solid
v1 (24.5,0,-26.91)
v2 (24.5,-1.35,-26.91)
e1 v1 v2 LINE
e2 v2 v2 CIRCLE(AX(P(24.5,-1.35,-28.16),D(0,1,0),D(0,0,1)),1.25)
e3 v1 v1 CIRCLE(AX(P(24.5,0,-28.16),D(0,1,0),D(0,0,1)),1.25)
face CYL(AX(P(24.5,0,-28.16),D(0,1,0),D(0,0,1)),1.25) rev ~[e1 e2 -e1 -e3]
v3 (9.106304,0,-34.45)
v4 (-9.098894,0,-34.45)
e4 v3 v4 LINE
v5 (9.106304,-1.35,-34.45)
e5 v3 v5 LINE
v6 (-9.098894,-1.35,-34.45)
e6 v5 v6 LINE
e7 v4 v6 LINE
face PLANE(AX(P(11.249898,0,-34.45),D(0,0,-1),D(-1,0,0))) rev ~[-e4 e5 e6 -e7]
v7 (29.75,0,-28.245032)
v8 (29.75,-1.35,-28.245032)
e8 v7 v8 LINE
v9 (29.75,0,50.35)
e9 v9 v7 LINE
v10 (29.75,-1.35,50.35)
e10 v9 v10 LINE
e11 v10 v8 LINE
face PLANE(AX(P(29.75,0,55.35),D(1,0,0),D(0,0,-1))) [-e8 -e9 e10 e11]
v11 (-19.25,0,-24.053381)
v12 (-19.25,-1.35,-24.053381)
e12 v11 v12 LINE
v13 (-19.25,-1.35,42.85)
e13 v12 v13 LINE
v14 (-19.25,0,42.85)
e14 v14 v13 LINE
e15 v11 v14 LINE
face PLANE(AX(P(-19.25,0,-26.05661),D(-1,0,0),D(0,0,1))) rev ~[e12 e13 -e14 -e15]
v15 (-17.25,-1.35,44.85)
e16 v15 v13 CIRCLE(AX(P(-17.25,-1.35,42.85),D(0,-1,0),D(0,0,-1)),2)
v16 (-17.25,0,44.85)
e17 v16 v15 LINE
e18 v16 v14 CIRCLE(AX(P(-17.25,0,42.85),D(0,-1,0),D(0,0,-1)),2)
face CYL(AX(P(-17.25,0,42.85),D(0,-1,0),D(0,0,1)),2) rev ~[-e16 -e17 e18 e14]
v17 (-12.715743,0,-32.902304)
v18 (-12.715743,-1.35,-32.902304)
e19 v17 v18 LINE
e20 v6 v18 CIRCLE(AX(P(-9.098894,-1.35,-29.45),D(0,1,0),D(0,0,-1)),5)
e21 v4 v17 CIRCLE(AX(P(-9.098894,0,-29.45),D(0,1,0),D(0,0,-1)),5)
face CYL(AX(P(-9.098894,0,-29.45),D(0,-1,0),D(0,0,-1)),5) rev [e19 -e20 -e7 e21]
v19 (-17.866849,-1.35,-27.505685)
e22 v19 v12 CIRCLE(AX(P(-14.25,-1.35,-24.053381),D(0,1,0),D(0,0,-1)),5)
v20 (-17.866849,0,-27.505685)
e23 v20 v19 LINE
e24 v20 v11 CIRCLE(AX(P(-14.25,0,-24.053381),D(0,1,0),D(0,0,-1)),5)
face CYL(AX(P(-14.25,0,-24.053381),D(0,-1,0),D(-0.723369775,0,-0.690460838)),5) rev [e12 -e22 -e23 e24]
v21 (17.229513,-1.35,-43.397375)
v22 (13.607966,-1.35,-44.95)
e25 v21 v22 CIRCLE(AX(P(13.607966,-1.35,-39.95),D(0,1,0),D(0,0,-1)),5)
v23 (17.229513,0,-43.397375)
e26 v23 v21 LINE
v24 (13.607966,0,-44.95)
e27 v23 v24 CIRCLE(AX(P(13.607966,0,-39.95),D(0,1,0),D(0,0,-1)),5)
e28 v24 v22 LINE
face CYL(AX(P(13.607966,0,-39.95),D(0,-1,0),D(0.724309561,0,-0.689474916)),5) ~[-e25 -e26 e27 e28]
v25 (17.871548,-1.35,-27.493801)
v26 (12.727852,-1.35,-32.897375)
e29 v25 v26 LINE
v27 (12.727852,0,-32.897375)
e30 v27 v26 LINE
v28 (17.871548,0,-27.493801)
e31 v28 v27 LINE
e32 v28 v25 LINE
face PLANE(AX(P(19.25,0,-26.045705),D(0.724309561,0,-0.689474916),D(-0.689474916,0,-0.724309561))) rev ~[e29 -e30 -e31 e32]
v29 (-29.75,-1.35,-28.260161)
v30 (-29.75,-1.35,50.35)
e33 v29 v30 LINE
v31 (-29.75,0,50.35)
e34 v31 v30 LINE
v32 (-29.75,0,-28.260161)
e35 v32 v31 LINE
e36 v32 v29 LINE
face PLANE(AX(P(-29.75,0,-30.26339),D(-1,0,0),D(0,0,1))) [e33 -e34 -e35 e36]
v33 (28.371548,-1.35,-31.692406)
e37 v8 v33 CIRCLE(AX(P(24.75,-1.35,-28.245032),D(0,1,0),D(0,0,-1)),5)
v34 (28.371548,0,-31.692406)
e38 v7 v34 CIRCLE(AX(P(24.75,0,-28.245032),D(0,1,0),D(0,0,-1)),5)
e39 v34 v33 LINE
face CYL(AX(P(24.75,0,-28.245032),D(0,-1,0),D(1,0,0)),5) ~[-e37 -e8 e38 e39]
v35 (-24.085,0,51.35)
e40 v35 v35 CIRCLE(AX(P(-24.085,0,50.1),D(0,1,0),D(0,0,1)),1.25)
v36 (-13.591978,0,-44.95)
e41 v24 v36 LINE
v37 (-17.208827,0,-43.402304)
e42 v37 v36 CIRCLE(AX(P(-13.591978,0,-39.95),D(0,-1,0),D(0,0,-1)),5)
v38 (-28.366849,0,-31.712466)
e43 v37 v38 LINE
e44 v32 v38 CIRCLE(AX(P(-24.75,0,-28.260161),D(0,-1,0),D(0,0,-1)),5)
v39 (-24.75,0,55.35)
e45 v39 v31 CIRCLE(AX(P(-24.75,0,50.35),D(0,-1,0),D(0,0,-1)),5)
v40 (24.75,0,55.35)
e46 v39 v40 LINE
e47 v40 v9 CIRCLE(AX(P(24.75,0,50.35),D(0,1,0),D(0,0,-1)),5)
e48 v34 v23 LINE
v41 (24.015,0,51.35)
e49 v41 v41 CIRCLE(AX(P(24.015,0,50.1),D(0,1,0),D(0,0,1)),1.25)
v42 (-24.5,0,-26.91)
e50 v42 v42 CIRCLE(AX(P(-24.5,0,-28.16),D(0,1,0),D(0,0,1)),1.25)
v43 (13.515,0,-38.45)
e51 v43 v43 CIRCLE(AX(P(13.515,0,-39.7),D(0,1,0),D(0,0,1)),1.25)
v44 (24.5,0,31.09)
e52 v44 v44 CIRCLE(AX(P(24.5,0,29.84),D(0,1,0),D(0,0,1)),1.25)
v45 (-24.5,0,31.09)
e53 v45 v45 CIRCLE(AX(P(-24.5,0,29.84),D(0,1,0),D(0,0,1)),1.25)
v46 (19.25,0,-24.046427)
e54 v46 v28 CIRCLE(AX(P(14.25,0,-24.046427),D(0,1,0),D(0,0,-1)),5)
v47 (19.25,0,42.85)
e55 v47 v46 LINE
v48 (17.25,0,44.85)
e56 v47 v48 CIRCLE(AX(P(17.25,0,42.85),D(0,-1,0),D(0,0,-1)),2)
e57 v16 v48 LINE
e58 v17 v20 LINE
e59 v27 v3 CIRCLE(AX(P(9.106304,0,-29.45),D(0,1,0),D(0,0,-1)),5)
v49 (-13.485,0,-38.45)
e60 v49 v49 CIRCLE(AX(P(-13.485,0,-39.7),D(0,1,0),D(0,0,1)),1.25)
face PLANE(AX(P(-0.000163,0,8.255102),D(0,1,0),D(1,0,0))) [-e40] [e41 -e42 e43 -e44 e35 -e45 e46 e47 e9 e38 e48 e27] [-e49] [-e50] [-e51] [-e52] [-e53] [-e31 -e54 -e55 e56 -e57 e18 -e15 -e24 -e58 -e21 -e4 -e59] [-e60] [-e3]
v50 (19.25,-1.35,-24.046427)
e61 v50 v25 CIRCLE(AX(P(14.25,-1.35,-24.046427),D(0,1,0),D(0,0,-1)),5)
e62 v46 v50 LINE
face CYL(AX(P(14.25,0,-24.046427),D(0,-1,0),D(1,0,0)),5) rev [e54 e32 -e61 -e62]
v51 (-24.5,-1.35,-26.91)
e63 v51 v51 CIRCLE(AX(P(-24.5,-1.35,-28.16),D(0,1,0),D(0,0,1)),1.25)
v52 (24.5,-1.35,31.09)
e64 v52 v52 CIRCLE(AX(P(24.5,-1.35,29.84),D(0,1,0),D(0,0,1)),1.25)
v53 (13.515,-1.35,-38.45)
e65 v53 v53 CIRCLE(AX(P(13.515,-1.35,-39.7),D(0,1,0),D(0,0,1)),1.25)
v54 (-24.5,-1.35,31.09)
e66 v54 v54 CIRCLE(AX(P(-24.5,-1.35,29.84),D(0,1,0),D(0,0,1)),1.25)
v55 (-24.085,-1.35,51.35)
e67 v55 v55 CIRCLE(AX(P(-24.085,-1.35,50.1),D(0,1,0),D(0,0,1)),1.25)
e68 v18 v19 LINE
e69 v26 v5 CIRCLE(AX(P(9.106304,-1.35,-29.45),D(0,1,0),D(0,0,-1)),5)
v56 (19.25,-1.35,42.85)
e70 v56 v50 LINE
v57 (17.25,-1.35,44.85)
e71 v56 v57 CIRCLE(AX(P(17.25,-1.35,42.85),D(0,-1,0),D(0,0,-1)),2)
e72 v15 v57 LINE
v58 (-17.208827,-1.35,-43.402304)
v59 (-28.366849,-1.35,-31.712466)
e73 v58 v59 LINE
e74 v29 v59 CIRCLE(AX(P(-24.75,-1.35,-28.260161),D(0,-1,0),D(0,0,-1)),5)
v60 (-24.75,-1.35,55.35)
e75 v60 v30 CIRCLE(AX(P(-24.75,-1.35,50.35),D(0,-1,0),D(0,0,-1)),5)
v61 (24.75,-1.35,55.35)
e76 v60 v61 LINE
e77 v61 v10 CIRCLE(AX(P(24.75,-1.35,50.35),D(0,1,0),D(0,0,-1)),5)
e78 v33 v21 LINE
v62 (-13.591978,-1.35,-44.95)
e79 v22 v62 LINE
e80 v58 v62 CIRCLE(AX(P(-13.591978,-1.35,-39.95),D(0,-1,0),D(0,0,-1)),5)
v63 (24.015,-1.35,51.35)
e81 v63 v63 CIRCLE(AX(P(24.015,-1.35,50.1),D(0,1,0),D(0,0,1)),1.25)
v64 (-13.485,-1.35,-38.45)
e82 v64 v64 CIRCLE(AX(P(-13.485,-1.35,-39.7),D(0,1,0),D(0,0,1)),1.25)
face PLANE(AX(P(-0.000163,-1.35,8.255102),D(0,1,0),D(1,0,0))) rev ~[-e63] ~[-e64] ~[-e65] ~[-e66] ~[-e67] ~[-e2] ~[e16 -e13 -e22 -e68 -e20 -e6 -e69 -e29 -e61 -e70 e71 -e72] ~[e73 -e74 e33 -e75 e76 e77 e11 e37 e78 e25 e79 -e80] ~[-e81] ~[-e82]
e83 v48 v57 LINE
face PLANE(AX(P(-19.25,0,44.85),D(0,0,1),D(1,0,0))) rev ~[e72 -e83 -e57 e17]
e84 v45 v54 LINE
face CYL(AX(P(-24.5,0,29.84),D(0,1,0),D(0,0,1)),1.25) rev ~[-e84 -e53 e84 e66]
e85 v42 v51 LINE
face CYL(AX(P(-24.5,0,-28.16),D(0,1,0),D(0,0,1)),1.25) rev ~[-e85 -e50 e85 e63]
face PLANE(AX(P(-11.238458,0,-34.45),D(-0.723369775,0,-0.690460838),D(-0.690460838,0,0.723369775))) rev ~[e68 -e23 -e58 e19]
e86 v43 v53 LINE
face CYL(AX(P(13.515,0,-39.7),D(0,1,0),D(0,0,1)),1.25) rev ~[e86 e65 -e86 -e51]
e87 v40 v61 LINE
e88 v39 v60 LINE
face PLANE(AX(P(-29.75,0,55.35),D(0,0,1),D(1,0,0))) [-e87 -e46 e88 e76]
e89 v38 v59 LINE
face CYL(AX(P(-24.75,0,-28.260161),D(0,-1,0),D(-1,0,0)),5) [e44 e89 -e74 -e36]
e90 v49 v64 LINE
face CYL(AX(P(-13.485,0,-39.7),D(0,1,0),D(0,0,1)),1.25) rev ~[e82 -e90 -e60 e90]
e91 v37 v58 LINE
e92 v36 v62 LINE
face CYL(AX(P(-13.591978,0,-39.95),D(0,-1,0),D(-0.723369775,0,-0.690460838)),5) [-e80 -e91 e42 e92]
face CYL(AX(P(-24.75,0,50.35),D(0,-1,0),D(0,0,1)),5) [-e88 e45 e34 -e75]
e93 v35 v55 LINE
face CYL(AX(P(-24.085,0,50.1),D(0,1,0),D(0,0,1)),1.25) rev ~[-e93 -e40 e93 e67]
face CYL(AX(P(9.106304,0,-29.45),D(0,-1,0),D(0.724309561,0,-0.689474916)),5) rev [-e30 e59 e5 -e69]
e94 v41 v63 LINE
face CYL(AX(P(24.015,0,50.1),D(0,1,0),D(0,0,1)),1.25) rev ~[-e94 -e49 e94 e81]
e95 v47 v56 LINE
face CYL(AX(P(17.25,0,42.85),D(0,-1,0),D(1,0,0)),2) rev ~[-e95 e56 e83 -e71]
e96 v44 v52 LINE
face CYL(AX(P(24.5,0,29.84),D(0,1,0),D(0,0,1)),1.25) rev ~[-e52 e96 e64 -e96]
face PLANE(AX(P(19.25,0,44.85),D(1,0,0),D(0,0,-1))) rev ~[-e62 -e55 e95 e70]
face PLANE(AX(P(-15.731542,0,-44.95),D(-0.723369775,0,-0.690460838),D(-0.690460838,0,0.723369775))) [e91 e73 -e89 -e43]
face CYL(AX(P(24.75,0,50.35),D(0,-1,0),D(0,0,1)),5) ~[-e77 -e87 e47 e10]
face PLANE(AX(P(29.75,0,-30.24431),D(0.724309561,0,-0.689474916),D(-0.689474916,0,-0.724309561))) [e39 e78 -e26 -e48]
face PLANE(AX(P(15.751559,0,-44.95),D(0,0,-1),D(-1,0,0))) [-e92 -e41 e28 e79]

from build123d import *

# Parameters (mm, degrees)
SKETCH3_R           = 1.25
BOSS_EXTRUDE1_DEPTH = 1.35
FILLET1_R           = 5
FILLET2_R           = 2


with BuildPart() as part:
    # Sketch3 → Boss-Extrude1 (new body)
    with BuildSketch(Plane(origin=(0, 0, 0), x_dir=(1, 0, 0), z_dir=(0, 1, 0))):
        Polygon((-29.75, -55.35), (29.75, -55.35), (29.75, 30.244309853), (15.751559249, 44.95), (-15.731542027, 44.95), (-29.75, 30.263390376), align=None)
        with Locations(Location((13.515, 39.7, 0), (0, 0, 270))):
            Circle(SKETCH3_R, mode=Mode.SUBTRACT)
        with Locations(Location((-13.485, 39.7, 0), (0, 0, 270))):
            Circle(SKETCH3_R, mode=Mode.SUBTRACT)
        with Locations(Location((-24.5, 28.16, 0), (0, 0, 270))):
            Circle(SKETCH3_R, mode=Mode.SUBTRACT)
        with Locations(Location((-24.5, -29.84, 0), (0, 0, 270))):
            Circle(SKETCH3_R, mode=Mode.SUBTRACT)
        with Locations(Location((-24.085, -50.1, 0), (0, 0, 270))):
            Circle(SKETCH3_R, mode=Mode.SUBTRACT)
        with Locations(Location((24.5, -29.84, 0), (0, 0, 270))):
            Circle(SKETCH3_R, mode=Mode.SUBTRACT)
        with Locations(Location((24.015, -50.1, 0), (0, 0, 270))):
            Circle(SKETCH3_R, mode=Mode.SUBTRACT)
        with Locations(Location((24.5, 28.16, 0), (0, 0, 270))):
            Circle(SKETCH3_R, mode=Mode.SUBTRACT)
        Polygon((-19.25, -44.85), (19.25, -44.85), (19.25, 26.045705114), (11.249897805, 34.45), (-11.238457973, 34.45), (-19.25, 26.056609624), align=None, mode=Mode.SUBTRACT)
    extrude(amount=-BOSS_EXTRUDE1_DEPTH)

    # Fillet1
    fillet1_edges = [part.edges().sort_by_distance(p)[0] for p in [
        (29.75, -0.675, 55.35),
        (-29.75, -0.675, 55.35),
        (-29.75, -0.675, -30.263390376),
        (-15.731542027, -0.675, -44.95),
        (15.751559249, -0.675, -44.95),
        (29.75, -0.675, -30.244309853),
        (19.25, -0.675, -26.045705114),
        (-19.25, -0.675, -26.056609624),
        (-11.238457973, -0.675, -34.45),
        (11.249897805, -0.675, -34.45),
    ]]
    fillet(fillet1_edges, radius=FILLET1_R)

    # Fillet2
    fillet2_edges = [part.edges().sort_by_distance(p)[0] for p in [
        (19.25, -0.675, 44.85),
        (-19.25, -0.675, 44.85),
    ]]
    fillet(fillet2_edges, radius=FILLET2_R)


solid = part.part
